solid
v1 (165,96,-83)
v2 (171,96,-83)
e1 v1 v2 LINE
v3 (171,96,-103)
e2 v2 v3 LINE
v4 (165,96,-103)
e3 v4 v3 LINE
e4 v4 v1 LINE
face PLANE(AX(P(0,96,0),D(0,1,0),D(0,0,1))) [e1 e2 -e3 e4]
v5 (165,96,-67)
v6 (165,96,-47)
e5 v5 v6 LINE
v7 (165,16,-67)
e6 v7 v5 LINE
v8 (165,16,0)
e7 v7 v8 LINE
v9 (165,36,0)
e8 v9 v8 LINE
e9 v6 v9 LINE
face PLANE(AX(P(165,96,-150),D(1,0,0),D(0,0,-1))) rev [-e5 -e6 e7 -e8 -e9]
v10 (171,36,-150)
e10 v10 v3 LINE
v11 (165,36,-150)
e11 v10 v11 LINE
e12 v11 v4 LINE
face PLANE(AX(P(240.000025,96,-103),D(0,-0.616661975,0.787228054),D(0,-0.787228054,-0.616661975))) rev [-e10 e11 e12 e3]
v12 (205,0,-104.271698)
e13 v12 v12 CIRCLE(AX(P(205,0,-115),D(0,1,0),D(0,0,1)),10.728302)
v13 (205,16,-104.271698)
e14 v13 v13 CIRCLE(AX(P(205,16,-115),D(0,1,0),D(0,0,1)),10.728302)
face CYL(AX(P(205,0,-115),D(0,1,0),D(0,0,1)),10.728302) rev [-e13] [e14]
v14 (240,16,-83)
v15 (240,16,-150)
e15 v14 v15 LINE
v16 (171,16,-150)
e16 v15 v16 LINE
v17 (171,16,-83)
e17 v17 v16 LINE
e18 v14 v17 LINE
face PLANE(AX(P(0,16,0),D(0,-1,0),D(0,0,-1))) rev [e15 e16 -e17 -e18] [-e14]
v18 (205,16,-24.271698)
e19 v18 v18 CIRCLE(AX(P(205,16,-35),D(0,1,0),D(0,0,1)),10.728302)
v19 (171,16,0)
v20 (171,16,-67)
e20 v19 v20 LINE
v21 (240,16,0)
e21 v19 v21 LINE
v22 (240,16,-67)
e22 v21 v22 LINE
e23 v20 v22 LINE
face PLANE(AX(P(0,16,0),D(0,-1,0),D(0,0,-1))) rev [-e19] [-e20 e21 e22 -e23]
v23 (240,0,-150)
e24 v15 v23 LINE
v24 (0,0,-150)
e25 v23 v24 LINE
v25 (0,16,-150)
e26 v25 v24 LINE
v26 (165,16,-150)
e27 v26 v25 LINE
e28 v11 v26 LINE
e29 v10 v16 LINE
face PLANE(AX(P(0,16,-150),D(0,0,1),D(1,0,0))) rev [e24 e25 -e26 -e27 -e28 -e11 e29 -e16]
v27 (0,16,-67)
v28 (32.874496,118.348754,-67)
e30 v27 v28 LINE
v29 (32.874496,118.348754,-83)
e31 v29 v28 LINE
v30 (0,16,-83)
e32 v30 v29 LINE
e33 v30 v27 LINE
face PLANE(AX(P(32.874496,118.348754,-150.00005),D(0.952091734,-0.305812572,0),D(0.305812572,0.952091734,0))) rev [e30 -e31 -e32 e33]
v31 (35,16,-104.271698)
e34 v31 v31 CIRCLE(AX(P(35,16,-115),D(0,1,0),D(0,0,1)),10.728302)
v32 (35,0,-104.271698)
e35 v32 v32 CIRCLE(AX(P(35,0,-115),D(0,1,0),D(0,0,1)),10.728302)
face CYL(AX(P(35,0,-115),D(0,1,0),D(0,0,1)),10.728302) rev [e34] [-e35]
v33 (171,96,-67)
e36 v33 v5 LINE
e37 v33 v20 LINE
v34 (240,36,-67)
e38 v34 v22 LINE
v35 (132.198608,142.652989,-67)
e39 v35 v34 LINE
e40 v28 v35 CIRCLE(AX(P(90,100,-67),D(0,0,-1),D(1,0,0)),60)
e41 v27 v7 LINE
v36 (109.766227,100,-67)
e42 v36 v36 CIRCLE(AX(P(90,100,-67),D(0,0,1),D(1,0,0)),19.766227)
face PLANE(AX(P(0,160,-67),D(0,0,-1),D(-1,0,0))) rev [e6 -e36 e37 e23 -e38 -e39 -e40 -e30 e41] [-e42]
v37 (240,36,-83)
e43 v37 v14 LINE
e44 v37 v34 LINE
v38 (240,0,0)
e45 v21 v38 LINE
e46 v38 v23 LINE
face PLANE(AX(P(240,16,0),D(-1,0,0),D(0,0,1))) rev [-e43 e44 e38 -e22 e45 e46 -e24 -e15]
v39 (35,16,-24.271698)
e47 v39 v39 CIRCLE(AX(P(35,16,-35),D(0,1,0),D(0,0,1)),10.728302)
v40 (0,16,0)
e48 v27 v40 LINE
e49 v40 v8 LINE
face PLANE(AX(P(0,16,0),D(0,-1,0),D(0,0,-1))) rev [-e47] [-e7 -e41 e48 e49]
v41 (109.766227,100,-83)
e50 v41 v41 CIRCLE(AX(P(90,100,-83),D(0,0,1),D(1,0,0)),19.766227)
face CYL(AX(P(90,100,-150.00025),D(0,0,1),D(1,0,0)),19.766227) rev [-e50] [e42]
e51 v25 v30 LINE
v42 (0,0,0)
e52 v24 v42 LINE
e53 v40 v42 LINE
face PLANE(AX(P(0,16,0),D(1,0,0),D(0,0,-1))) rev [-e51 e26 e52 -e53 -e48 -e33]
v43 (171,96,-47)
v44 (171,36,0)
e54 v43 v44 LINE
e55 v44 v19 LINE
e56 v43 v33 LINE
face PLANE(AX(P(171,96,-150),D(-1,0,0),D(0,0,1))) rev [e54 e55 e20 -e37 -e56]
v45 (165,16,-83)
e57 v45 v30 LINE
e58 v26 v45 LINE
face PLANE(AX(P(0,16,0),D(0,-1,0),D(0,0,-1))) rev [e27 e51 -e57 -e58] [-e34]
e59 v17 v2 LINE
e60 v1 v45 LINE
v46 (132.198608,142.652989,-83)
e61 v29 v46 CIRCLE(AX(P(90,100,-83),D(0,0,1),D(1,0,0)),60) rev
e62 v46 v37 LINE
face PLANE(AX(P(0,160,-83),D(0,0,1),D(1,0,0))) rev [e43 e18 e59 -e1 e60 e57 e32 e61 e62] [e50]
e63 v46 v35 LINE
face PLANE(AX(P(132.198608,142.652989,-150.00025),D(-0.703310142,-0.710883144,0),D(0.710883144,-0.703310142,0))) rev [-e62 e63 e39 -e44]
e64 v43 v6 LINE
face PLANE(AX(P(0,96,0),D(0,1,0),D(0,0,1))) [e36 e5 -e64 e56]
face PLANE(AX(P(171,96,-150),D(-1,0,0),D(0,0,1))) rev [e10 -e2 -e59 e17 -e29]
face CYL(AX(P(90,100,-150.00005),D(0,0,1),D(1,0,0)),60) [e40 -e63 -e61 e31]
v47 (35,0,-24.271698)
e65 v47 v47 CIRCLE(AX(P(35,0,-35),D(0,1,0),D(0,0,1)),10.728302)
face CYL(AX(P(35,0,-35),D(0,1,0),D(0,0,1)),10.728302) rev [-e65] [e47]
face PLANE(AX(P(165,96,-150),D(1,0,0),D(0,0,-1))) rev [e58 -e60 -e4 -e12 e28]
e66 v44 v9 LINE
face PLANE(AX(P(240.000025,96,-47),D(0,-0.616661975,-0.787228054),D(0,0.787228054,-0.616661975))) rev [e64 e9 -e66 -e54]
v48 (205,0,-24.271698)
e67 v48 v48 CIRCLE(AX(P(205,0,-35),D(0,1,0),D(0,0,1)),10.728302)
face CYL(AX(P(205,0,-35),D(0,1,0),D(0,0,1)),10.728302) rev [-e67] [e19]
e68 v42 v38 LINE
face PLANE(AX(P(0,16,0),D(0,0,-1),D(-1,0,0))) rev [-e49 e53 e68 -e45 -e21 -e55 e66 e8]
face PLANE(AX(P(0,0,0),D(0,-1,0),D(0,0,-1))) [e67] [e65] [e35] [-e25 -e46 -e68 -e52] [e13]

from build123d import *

# Parameters (mm, degrees)
SKETCH_1_W                  = 240
SKETCH_1_H                  = 150
EXTRUDE_1_DEPTH             = 16
SKETCH_2_R                  = 10.728301902
CUT_EXTRUDE_1_DEPTH         = 284.471338939
PATTERN_LINEAR_1_COUNT      = 2
PATTERN_LINEAR_1_PITCH      = 170
PATTERN_LINEAR_1_COUNT_DIR2 = 2
PATTERN_LINEAR_1_PITCH_DIR2 = 80
SKETCH_3_W                  = 6
SKETCH_3_H                  = 150
EXTRUDE_2_DEPTH             = 80
CUT_EXTRUDE_2_DEPTH         = 243.777676074
SKETCH_7_W                  = 240
SKETCH_7_H                  = 16
EXTRUDE_3_DEPTH             = 144
CUT_EXTRUDE_4_DEPTH         = 301.14829668
CUT_EXTRUDE_5_DEPTH         = 301.14829668
SKETCH_15_R                 = 19.766227273
CUT_EXTRUDE_6_DEPTH         = 301.14829668


with BuildPart() as part:
    # 草图1 → 凸台-拉伸1 (new body)
    with BuildSketch(Plane(origin=(0, 0, 0), x_dir=(1, 0, 0), z_dir=(0, 1, 0))):
        with Locations((120, 75)):
            Rectangle(SKETCH_1_W, SKETCH_1_H)
    extrude(amount=EXTRUDE_1_DEPTH)

    # 草图2 → 切除-拉伸1 (cut, through all)
    with BuildSketch(Plane(origin=(0, 16, 0), x_dir=(1, 0, 0), z_dir=(0, 1, 0))):
        with Locations(Location((35, 35, 0), (0, 0, 270))):
            Circle(SKETCH_2_R)
    cut_extrude_1 = extrude(amount=-CUT_EXTRUDE_1_DEPTH, mode=Mode.SUBTRACT)

    # 阵列(线性)1: Cut-Extrude 1 2 × 2
    with Locations(*[(i * PATTERN_LINEAR_1_PITCH, 0, -j * PATTERN_LINEAR_1_PITCH_DIR2) for i in range(PATTERN_LINEAR_1_COUNT) for j in range(PATTERN_LINEAR_1_COUNT_DIR2) if (i, j) != (0, 0)]):
        add(cut_extrude_1, mode=Mode.SUBTRACT)

    # 草图3 → 凸台-拉伸2 (add)
    with BuildSketch(Plane(origin=(0, 16, 0), x_dir=(1, 0, 0), z_dir=(0, 1, 0))):
        with Locations((168, 75)):
            Rectangle(SKETCH_3_W, SKETCH_3_H)
    extrude(amount=EXTRUDE_2_DEPTH)

    # 草图4 → 切除-拉伸2 (cut, through all)
    with BuildSketch(Plane.ZY.offset(-165)):
        Polygon((0, 96), (-47, 96), (0, 36), align=None)
        Polygon((-150, 96), (-103, 96), (-150, 36), align=None)
    extrude(amount=-CUT_EXTRUDE_2_DEPTH, mode=Mode.SUBTRACT)

    # 草图7 → 凸台-拉伸3 (add)
    with BuildSketch(Plane(origin=(0, 16, 0), x_dir=(1, 0, 0), z_dir=(0, 1, 0))):
        with Locations((120, 75)):
            Rectangle(SKETCH_7_W, SKETCH_7_H)
    extrude(amount=EXTRUDE_3_DEPTH)

    # 草图12 → 切除-拉伸4 (cut, through all)
    with BuildSketch(Plane.XY.offset(-67)):
        with BuildLine():
            Line((32.874495942, 118.348754348), (0, 16))
            Line((0, 16), (0, 160))
            Line((0, 160), (90, 160))
            ThreePointArc((90, 160), (54.651204129, 148.481570008), (32.874495942, 118.348754348))
        make_face()
    extrude(amount=-CUT_EXTRUDE_4_DEPTH, mode=Mode.SUBTRACT)

    # 草图14 → 切除-拉伸5 (cut, through all)
    with BuildSketch(Plane.XY.offset(-67)):
        with BuildLine():
            Line((132.198608493, 142.652988656), (240, 36))
            Line((240, 36), (240, 160))
            Line((240, 160), (90, 160))
            ThreePointArc((90, 160), (112.812504035, 155.494050669), (132.198608493, 142.652988656))
        make_face()
    extrude(amount=-CUT_EXTRUDE_5_DEPTH, mode=Mode.SUBTRACT)

    # 草图15 → 切除-拉伸6 (cut, through all)
    with BuildSketch(Plane.XY.offset(-67)):
        with Locations((90, 100)):
            Circle(SKETCH_15_R)
    extrude(amount=-CUT_EXTRUDE_6_DEPTH, mode=Mode.SUBTRACT)


solid = part.part
